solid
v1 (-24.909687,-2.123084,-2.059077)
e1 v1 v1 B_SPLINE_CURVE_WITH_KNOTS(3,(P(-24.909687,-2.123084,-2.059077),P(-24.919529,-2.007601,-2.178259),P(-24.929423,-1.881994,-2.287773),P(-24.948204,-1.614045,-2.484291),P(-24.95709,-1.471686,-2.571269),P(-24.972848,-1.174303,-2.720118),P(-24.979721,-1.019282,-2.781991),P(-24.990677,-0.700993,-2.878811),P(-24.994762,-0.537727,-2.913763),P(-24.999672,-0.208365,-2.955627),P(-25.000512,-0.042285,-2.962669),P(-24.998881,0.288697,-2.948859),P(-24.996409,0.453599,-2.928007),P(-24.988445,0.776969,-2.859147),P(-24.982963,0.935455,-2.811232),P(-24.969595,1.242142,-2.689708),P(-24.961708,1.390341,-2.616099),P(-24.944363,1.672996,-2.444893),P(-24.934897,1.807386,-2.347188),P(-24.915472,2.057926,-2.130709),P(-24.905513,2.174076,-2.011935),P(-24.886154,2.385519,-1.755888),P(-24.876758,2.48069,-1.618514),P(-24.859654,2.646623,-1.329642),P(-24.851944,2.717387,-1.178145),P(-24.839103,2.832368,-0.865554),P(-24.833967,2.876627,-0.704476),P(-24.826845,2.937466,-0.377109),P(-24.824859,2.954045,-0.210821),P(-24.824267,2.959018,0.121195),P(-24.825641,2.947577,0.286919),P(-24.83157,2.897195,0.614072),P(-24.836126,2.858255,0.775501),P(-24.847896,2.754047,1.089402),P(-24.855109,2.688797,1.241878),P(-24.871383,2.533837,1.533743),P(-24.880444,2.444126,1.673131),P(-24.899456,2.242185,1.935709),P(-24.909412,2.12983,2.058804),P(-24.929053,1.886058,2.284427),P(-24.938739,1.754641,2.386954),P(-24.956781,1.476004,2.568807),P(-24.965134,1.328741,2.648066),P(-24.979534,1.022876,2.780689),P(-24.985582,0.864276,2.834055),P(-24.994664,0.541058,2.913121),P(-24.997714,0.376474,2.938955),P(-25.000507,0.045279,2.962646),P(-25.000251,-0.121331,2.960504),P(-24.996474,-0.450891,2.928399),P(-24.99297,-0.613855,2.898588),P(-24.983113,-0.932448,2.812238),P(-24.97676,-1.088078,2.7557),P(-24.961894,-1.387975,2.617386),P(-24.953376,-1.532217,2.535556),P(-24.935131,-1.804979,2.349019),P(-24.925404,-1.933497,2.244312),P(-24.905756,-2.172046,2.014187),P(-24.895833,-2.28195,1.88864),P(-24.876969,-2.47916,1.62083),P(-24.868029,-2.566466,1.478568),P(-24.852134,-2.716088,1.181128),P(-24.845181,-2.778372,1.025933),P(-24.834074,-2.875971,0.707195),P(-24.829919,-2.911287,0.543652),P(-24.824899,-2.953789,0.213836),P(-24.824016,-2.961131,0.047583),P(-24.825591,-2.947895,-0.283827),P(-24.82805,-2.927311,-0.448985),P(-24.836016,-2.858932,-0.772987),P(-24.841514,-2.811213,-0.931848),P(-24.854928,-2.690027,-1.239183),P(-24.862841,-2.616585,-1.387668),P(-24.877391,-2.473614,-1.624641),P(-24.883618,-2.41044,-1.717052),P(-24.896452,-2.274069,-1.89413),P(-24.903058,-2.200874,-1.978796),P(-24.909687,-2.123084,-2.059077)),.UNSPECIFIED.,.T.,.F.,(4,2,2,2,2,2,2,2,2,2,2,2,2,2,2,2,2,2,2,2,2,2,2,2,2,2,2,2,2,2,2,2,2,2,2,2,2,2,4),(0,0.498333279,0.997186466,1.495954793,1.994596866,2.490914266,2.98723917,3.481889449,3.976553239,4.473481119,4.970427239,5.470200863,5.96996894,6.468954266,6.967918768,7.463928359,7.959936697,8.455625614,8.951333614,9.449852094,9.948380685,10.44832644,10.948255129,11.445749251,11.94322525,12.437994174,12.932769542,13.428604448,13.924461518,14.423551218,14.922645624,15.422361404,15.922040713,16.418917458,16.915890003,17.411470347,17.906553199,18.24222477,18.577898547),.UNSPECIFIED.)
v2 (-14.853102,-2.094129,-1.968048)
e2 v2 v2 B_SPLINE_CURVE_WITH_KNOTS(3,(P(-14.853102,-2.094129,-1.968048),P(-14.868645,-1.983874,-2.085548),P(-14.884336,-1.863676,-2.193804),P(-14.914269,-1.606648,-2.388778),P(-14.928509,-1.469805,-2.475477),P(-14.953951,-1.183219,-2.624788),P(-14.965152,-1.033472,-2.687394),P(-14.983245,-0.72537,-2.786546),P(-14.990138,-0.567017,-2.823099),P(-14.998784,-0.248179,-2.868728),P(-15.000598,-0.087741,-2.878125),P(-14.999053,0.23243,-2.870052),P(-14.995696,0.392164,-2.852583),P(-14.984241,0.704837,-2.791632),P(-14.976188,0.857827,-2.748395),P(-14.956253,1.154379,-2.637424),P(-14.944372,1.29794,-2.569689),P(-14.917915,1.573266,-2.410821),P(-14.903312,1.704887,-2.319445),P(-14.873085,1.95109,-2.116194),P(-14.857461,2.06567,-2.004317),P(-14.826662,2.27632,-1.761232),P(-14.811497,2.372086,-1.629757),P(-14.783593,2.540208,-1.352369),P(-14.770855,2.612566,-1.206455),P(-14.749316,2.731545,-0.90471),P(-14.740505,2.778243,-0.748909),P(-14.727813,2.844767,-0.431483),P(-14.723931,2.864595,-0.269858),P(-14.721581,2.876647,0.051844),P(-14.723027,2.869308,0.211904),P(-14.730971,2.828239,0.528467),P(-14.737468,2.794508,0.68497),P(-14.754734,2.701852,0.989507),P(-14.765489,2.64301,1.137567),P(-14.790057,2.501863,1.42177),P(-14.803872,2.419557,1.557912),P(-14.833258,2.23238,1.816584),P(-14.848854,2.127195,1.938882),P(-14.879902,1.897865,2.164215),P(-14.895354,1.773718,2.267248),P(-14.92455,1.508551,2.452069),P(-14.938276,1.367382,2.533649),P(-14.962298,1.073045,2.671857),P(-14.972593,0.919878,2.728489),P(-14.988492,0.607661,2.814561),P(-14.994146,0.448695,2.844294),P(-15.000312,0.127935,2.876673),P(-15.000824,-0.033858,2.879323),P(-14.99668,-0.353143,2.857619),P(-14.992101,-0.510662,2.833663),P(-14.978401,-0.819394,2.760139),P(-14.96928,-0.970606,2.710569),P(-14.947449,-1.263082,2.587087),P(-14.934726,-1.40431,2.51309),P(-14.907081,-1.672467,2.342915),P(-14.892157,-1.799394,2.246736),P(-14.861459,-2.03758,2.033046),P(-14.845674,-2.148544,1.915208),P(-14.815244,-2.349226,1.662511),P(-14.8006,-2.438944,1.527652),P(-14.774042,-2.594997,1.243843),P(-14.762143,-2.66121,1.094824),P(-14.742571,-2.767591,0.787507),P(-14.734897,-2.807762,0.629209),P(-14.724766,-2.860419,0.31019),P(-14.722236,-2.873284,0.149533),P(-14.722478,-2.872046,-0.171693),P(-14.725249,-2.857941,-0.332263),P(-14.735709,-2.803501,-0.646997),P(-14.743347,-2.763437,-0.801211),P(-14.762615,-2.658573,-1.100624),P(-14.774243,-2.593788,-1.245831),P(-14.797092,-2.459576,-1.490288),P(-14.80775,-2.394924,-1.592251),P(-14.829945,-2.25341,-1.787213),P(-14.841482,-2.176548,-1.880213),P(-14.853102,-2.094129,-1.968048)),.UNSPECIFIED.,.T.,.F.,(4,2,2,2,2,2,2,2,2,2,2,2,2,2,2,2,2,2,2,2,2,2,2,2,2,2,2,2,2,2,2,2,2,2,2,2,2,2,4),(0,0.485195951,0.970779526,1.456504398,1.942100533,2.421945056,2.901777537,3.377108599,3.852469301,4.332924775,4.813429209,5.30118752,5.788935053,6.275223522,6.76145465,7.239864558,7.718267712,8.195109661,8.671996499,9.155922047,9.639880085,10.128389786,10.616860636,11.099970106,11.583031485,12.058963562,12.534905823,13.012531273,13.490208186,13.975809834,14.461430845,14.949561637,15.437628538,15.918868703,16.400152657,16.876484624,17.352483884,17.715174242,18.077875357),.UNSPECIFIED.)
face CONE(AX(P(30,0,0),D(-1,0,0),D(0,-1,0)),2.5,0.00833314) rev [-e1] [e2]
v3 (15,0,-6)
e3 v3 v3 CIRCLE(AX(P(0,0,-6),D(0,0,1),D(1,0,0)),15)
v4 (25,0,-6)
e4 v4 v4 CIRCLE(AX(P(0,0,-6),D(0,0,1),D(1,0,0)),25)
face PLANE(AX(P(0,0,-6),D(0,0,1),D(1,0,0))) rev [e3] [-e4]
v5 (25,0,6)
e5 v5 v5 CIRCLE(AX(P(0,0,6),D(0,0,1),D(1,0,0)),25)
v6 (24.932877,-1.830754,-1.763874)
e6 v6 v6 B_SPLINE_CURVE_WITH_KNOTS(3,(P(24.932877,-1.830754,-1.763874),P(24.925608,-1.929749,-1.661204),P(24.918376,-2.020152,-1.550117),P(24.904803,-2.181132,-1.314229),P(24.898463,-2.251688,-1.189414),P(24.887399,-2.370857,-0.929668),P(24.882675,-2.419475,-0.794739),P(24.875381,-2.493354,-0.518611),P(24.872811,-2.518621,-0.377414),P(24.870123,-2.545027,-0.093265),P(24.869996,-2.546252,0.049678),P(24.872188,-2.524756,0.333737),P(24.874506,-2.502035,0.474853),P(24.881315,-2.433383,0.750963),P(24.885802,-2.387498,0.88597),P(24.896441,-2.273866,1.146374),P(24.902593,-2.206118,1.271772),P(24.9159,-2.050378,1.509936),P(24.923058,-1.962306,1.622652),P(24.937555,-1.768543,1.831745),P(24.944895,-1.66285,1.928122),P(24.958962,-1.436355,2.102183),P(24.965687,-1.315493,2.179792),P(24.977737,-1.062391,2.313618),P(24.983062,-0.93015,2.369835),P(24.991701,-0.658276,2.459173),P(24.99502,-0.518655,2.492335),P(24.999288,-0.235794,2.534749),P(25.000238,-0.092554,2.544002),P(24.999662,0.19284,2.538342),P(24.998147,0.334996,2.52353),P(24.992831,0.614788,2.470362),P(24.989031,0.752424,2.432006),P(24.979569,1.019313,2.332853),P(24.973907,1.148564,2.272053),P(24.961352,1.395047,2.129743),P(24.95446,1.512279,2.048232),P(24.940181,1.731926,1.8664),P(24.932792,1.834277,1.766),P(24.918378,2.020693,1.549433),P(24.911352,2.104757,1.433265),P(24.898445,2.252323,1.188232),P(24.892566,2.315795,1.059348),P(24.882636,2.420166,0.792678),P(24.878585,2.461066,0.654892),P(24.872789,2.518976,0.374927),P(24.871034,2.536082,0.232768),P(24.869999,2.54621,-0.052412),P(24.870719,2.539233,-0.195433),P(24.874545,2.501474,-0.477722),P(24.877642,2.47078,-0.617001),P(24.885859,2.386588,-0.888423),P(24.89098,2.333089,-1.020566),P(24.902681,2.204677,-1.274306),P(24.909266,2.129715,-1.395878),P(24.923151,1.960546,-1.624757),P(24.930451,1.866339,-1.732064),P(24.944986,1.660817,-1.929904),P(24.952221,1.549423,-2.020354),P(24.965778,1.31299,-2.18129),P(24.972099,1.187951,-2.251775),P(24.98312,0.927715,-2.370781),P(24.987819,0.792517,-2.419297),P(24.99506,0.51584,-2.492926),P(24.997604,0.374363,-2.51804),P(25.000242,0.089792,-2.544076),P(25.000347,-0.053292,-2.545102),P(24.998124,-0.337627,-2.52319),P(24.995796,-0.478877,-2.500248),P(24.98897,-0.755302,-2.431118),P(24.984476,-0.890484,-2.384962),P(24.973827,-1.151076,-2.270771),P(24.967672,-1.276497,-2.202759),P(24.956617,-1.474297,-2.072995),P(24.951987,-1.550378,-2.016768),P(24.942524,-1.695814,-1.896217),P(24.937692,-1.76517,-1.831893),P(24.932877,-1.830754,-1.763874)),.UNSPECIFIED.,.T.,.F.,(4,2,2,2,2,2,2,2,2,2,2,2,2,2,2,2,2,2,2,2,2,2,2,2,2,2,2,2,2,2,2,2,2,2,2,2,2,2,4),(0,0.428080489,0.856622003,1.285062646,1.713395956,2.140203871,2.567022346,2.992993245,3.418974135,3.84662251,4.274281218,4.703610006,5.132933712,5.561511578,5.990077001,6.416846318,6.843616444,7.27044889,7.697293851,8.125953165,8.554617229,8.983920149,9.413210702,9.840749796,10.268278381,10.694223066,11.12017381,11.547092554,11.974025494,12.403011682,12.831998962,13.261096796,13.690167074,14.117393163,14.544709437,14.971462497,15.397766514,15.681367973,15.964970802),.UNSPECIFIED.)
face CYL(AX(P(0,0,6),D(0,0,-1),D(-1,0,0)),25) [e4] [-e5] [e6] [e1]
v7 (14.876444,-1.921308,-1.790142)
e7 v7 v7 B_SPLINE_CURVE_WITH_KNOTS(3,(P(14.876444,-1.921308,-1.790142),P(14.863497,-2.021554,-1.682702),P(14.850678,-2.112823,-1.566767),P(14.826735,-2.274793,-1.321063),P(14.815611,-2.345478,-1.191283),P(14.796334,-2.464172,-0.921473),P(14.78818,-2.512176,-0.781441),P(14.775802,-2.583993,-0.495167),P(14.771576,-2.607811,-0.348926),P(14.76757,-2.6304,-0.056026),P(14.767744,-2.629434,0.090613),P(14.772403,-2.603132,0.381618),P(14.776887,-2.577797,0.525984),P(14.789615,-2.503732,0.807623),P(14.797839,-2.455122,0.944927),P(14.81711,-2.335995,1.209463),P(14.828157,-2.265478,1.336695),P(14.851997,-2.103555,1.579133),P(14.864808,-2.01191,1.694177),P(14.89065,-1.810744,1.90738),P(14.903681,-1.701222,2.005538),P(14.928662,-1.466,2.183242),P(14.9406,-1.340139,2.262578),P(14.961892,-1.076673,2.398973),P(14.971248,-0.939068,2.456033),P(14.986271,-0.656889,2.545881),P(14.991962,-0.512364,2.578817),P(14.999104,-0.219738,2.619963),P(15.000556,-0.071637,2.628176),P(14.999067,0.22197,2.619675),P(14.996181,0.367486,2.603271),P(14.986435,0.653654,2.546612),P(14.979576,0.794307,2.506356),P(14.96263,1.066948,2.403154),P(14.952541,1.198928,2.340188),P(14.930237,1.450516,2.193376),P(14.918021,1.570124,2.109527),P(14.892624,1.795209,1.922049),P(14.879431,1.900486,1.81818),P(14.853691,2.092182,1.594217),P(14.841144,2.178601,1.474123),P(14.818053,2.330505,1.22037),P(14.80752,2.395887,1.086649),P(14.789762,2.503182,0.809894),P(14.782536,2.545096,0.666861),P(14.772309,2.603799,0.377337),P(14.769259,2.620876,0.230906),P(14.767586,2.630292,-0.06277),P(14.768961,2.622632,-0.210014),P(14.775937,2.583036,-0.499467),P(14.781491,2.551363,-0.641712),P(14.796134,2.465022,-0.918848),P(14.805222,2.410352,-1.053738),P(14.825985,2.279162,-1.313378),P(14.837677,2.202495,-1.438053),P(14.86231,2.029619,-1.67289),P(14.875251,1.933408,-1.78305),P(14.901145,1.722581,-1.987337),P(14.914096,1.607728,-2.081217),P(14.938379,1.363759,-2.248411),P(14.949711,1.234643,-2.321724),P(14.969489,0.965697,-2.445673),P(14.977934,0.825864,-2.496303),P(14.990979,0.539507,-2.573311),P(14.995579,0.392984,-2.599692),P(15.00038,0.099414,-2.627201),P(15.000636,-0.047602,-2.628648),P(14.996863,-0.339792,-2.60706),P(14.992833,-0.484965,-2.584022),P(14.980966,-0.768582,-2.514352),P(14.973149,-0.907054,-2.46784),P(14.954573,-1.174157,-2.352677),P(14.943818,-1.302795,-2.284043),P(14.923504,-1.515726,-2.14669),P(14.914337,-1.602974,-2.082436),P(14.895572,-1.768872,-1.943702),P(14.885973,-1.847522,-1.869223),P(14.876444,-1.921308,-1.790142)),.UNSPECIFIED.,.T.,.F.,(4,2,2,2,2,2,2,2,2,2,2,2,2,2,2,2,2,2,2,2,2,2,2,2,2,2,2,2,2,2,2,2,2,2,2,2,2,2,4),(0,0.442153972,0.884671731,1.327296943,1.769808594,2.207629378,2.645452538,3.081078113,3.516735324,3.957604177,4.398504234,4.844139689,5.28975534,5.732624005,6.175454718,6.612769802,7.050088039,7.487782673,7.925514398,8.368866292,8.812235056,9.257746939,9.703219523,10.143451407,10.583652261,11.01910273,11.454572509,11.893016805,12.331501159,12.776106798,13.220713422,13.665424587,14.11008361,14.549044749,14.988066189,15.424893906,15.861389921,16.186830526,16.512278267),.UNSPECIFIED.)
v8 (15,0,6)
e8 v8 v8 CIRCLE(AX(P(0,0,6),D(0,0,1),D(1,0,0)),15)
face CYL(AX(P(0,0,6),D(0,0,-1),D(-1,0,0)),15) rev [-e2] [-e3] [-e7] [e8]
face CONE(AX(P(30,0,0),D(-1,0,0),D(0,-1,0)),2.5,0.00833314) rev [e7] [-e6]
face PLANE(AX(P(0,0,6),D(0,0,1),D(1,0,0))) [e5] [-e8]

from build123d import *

# Parameters (mm, degrees)
SKETCH2_R           = 25
SKETCH2_R_2         = 15
BOSS_EXTRUDE1_DEPTH = 6


with BuildPart() as part:
    # Sketch2 → Boss-Extrude1 (new, symmetric)
    with BuildSketch(Plane.XY):
        Circle(SKETCH2_R)
        Circle(SKETCH2_R_2, mode=Mode.SUBTRACT)
    extrude(amount=BOSS_EXTRUDE1_DEPTH, both=True)

    # Sketch5 → Cut-Revolve1 (revolve, cut)
    with BuildSketch(Plane.XY, mode=Mode.PRIVATE) as cut_revolve1_sk:
        Polygon((-30, 3), (-30, 0), (30, 0), (30, 2.5), align=None)
    revolve(cut_revolve1_sk.sketch.rotate(Axis((30, 0, 0), (-1, 0, 0)), 90.000000002), axis=Axis((30, 0, 0), (-1, 0, 0)), mode=Mode.SUBTRACT)


solid = part.part
